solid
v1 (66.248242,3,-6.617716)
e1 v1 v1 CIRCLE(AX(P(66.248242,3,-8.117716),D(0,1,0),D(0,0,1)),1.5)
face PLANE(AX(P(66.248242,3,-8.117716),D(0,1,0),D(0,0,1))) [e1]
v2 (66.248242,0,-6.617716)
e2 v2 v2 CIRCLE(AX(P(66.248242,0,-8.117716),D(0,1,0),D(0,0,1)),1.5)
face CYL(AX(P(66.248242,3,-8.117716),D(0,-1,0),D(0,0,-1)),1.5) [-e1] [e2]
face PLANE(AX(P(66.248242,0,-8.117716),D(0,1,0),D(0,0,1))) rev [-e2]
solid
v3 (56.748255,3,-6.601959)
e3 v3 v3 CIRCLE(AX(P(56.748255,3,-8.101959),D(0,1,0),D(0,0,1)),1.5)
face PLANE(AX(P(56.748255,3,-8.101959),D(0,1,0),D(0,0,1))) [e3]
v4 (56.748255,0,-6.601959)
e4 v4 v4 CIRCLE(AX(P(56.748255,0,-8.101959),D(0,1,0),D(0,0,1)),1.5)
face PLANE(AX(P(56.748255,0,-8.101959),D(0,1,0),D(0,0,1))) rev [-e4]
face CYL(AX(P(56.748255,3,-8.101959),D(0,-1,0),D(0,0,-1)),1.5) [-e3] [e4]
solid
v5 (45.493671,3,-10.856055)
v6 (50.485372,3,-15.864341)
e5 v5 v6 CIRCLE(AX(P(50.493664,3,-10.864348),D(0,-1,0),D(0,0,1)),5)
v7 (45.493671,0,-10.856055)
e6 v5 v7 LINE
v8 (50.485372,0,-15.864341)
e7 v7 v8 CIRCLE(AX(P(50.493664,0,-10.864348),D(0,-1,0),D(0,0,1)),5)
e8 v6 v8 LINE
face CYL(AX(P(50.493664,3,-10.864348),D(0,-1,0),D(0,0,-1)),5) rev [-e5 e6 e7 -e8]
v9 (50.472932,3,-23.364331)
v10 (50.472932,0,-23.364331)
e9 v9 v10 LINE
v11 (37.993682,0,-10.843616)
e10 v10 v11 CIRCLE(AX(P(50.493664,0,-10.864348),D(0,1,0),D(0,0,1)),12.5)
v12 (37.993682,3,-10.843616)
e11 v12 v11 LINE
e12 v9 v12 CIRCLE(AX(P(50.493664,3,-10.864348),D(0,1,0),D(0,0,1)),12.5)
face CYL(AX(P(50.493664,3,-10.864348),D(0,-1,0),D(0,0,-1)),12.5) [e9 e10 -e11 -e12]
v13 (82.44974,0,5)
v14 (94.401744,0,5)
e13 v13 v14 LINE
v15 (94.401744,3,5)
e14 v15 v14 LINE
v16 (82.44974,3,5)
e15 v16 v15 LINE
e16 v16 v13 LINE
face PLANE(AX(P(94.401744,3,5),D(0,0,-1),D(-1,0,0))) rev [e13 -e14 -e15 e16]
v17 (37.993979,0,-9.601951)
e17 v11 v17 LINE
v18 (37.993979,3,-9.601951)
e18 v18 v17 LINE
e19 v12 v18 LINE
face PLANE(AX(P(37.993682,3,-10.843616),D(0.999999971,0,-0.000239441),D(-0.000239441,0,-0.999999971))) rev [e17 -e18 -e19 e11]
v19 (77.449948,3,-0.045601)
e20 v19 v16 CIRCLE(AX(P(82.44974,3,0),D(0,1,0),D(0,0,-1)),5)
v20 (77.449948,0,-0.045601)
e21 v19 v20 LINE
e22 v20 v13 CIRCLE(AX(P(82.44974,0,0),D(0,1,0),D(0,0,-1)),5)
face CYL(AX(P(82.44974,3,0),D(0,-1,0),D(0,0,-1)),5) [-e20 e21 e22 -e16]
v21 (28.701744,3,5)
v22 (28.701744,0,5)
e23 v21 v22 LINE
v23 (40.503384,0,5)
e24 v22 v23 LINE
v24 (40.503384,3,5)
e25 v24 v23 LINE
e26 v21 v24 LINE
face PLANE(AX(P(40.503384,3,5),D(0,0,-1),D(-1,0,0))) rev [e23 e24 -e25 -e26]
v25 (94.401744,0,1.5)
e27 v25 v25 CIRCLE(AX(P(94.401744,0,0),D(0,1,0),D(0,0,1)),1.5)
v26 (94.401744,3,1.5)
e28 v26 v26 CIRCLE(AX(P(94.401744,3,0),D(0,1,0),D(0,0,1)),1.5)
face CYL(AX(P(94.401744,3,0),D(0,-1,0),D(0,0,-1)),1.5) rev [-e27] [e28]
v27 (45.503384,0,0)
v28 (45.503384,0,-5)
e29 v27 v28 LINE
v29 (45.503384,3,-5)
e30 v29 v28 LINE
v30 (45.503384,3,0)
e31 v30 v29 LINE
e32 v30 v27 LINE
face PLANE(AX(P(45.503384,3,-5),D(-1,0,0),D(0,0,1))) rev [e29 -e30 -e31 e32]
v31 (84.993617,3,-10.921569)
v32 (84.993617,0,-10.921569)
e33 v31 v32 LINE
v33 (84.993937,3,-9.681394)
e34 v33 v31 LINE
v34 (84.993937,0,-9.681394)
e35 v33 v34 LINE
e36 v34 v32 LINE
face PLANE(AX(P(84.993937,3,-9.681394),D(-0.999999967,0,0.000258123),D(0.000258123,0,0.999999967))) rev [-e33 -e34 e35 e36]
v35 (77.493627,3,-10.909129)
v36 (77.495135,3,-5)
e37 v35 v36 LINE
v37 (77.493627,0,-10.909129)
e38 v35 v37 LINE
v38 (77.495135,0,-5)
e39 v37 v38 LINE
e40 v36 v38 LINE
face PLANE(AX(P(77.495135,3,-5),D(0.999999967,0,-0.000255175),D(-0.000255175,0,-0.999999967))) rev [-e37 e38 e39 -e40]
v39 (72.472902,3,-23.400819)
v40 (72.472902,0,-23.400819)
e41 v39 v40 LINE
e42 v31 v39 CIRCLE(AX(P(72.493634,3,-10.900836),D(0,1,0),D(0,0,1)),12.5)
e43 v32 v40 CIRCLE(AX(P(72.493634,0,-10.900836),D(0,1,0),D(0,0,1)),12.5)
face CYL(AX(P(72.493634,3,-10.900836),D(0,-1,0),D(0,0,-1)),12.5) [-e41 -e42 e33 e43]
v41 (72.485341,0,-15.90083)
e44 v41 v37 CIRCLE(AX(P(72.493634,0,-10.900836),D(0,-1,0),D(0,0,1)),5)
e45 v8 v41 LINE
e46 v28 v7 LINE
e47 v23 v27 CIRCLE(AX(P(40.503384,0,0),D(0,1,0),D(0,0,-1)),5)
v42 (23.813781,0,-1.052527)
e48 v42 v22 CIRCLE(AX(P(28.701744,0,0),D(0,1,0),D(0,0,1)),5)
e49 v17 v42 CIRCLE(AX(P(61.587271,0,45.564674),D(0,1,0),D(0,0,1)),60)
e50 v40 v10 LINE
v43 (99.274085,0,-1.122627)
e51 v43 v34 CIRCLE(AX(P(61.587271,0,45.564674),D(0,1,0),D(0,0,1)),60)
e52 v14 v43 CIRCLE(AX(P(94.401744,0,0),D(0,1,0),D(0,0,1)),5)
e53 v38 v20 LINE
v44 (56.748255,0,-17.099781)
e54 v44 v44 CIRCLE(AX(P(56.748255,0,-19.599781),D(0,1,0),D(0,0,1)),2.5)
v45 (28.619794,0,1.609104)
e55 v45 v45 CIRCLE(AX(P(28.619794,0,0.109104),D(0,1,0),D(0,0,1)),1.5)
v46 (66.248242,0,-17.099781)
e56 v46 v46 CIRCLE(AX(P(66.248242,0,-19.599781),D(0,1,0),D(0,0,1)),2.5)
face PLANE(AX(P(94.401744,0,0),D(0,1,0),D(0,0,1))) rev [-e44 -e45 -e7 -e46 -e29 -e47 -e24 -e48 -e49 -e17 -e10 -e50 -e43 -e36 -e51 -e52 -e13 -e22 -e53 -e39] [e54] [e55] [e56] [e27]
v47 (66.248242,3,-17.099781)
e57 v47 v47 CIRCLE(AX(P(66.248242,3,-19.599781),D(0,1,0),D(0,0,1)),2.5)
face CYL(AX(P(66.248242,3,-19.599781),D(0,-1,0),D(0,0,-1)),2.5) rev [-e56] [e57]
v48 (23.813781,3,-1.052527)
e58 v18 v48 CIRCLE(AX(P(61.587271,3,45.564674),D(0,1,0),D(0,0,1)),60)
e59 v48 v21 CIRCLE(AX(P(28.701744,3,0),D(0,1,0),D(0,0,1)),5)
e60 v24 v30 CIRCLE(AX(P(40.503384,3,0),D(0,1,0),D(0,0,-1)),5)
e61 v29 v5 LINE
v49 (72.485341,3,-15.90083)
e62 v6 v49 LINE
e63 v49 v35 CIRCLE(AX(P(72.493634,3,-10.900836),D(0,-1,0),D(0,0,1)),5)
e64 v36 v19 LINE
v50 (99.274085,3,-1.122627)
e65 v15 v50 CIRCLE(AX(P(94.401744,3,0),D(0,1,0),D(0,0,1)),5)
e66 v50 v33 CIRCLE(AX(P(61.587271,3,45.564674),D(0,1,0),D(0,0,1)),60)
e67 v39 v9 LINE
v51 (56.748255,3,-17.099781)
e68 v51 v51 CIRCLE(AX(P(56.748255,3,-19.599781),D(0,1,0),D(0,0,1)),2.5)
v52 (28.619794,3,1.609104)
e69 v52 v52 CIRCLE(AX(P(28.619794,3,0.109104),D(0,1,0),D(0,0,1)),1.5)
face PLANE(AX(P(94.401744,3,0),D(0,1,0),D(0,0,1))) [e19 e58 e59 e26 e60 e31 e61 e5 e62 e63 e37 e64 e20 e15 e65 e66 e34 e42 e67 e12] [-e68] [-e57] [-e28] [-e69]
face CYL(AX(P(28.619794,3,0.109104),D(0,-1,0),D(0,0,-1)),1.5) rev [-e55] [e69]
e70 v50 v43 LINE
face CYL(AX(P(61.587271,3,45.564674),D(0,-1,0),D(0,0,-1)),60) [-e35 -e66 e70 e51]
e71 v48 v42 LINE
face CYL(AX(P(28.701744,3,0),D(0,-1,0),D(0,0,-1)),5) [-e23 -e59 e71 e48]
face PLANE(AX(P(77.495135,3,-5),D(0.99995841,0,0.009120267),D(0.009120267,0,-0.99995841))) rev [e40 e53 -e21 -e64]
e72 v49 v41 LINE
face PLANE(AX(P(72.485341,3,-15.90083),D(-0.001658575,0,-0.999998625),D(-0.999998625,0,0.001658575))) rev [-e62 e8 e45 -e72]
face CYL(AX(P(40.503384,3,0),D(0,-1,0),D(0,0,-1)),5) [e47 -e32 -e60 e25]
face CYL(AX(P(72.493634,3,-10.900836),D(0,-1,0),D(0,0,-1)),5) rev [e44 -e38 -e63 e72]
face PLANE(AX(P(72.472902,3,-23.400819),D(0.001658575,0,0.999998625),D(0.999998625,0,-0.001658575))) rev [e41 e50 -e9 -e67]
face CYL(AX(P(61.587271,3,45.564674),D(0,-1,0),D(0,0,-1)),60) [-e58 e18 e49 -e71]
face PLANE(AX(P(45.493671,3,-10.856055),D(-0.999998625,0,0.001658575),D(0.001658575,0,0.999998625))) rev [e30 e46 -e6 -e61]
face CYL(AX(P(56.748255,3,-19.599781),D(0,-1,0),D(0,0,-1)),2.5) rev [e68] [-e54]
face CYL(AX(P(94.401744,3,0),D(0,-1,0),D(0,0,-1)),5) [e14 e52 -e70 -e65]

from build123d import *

# Parameters (mm, degrees)
CROQUIS1_R                = 1.5
SALIENTE_EXTRUIR1_DEPTH   = 3
SALIENTE_EXTRUIR1_2_DEPTH = 3
CROQUIS1_R_2              = 2.5
SALIENTE_EXTRUIR1_3_DEPTH = 3


with BuildPart() as part:
    # Croquis1 → Saliente-Extruir1 (new body)
    with BuildSketch(Plane(origin=(0, 0, 0), x_dir=(1, 0, 0), z_dir=(0, 1, 0))):
        with Locations(Location((56.748254661, 8.101959086, 0), (0, 0, 270))):
            Circle(CROQUIS1_R)
    extrude(amount=SALIENTE_EXTRUIR1_DEPTH)


with BuildPart() as body_2:
    # Croquis1 → Saliente-Extruir1 2 (new body)
    with BuildSketch(Plane(origin=(0, 0, 0), x_dir=(1, 0, 0), z_dir=(0, 1, 0))):
        with Locations(Location((66.248241595, 8.117715552, 0), (0, 0, 270))):
            Circle(CROQUIS1_R)
    extrude(amount=SALIENTE_EXTRUIR1_2_DEPTH)


with BuildPart() as body_3:
    # Croquis1 → Saliente-Extruir1 3 (new body)
    with BuildSketch(Plane(origin=(0, 0, 0), x_dir=(1, 0, 0), z_dir=(0, 1, 0))):
        with BuildLine():
            Line((77.495135153, 5), (77.449947836, 0.045601335))
            ThreePointArc((77.449947836, 0.045601335), (78.898120064, -3.51937447), (82.449739883, -5))
            Line((82.449739883, -5), (94.40174416, -5))
            ThreePointArc((94.40174416, -5), (98.31410499, -3.113427811), (99.274085367, 1.122626905))
            ThreePointArc((99.274085367, 1.122626905), (92.432310502, 5.899717334), (84.993937094, 9.681393854))
            Line((84.993937094, 9.681393854), (84.993616976, 10.921568689))
            ThreePointArc((84.993616976, 10.921568689), (81.317796903, 19.754318979), (72.472901978, 23.400819305))
            Line((72.472901978, 23.400819305), (50.472932237, 23.364330648))
            ThreePointArc((50.472932237, 23.364330648), (41.640181948, 19.688510575), (37.993681622, 10.84361565))
            Line((37.993681622, 10.84361565), (37.993978927, 9.601951381))
            ThreePointArc((37.993978927, 9.601951381), (30.607541127, 5.818750528), (23.813780611, 1.052526644))
            ThreePointArc((23.813780611, 1.052526644), (24.811844855, -3.141446067), (28.70174416, -5))
            Line((28.70174416, -5), (40.503384027, -5))
            ThreePointArc((40.503384027, -5), (44.038917933, -3.535533906), (45.503384027, 0))
            Line((45.503384027, 0), (45.503384027, 5))
            Line((45.503384027, 5), (45.493671306, 10.856054964))
            ThreePointArc((45.493671306, 10.856054964), (46.952271436, 14.394012935), (50.485371552, 15.864340964))
            Line((50.485371552, 15.864340964), (72.485341292, 15.900829621))
            ThreePointArc((72.485341292, 15.900829621), (76.023299263, 14.44222949), (77.493627292, 10.909129374))
            Line((77.493627292, 10.909129374), (77.495135153, 5))
        make_face()
        with Locations(Location((56.748254661, 19.599780569, 0), (0, 0, 270))):
            Circle(CROQUIS1_R_2, mode=Mode.SUBTRACT)
        with Locations(Location((66.248241595, 19.599780569, 0), (0, 0, 270))):
            Circle(CROQUIS1_R_2, mode=Mode.SUBTRACT)
        with Locations(Location((28.619794204, -0.109104468, 0), (0, 0, 270))):
            Circle(CROQUIS1_R, mode=Mode.SUBTRACT)
        with Locations(Location((94.401744161, 0, 0), (0, 0, 270))):
            Circle(CROQUIS1_R, mode=Mode.SUBTRACT)
    extrude(amount=SALIENTE_EXTRUIR1_3_DEPTH)


solid = Compound([part.part, body_2.part, body_3.part])
